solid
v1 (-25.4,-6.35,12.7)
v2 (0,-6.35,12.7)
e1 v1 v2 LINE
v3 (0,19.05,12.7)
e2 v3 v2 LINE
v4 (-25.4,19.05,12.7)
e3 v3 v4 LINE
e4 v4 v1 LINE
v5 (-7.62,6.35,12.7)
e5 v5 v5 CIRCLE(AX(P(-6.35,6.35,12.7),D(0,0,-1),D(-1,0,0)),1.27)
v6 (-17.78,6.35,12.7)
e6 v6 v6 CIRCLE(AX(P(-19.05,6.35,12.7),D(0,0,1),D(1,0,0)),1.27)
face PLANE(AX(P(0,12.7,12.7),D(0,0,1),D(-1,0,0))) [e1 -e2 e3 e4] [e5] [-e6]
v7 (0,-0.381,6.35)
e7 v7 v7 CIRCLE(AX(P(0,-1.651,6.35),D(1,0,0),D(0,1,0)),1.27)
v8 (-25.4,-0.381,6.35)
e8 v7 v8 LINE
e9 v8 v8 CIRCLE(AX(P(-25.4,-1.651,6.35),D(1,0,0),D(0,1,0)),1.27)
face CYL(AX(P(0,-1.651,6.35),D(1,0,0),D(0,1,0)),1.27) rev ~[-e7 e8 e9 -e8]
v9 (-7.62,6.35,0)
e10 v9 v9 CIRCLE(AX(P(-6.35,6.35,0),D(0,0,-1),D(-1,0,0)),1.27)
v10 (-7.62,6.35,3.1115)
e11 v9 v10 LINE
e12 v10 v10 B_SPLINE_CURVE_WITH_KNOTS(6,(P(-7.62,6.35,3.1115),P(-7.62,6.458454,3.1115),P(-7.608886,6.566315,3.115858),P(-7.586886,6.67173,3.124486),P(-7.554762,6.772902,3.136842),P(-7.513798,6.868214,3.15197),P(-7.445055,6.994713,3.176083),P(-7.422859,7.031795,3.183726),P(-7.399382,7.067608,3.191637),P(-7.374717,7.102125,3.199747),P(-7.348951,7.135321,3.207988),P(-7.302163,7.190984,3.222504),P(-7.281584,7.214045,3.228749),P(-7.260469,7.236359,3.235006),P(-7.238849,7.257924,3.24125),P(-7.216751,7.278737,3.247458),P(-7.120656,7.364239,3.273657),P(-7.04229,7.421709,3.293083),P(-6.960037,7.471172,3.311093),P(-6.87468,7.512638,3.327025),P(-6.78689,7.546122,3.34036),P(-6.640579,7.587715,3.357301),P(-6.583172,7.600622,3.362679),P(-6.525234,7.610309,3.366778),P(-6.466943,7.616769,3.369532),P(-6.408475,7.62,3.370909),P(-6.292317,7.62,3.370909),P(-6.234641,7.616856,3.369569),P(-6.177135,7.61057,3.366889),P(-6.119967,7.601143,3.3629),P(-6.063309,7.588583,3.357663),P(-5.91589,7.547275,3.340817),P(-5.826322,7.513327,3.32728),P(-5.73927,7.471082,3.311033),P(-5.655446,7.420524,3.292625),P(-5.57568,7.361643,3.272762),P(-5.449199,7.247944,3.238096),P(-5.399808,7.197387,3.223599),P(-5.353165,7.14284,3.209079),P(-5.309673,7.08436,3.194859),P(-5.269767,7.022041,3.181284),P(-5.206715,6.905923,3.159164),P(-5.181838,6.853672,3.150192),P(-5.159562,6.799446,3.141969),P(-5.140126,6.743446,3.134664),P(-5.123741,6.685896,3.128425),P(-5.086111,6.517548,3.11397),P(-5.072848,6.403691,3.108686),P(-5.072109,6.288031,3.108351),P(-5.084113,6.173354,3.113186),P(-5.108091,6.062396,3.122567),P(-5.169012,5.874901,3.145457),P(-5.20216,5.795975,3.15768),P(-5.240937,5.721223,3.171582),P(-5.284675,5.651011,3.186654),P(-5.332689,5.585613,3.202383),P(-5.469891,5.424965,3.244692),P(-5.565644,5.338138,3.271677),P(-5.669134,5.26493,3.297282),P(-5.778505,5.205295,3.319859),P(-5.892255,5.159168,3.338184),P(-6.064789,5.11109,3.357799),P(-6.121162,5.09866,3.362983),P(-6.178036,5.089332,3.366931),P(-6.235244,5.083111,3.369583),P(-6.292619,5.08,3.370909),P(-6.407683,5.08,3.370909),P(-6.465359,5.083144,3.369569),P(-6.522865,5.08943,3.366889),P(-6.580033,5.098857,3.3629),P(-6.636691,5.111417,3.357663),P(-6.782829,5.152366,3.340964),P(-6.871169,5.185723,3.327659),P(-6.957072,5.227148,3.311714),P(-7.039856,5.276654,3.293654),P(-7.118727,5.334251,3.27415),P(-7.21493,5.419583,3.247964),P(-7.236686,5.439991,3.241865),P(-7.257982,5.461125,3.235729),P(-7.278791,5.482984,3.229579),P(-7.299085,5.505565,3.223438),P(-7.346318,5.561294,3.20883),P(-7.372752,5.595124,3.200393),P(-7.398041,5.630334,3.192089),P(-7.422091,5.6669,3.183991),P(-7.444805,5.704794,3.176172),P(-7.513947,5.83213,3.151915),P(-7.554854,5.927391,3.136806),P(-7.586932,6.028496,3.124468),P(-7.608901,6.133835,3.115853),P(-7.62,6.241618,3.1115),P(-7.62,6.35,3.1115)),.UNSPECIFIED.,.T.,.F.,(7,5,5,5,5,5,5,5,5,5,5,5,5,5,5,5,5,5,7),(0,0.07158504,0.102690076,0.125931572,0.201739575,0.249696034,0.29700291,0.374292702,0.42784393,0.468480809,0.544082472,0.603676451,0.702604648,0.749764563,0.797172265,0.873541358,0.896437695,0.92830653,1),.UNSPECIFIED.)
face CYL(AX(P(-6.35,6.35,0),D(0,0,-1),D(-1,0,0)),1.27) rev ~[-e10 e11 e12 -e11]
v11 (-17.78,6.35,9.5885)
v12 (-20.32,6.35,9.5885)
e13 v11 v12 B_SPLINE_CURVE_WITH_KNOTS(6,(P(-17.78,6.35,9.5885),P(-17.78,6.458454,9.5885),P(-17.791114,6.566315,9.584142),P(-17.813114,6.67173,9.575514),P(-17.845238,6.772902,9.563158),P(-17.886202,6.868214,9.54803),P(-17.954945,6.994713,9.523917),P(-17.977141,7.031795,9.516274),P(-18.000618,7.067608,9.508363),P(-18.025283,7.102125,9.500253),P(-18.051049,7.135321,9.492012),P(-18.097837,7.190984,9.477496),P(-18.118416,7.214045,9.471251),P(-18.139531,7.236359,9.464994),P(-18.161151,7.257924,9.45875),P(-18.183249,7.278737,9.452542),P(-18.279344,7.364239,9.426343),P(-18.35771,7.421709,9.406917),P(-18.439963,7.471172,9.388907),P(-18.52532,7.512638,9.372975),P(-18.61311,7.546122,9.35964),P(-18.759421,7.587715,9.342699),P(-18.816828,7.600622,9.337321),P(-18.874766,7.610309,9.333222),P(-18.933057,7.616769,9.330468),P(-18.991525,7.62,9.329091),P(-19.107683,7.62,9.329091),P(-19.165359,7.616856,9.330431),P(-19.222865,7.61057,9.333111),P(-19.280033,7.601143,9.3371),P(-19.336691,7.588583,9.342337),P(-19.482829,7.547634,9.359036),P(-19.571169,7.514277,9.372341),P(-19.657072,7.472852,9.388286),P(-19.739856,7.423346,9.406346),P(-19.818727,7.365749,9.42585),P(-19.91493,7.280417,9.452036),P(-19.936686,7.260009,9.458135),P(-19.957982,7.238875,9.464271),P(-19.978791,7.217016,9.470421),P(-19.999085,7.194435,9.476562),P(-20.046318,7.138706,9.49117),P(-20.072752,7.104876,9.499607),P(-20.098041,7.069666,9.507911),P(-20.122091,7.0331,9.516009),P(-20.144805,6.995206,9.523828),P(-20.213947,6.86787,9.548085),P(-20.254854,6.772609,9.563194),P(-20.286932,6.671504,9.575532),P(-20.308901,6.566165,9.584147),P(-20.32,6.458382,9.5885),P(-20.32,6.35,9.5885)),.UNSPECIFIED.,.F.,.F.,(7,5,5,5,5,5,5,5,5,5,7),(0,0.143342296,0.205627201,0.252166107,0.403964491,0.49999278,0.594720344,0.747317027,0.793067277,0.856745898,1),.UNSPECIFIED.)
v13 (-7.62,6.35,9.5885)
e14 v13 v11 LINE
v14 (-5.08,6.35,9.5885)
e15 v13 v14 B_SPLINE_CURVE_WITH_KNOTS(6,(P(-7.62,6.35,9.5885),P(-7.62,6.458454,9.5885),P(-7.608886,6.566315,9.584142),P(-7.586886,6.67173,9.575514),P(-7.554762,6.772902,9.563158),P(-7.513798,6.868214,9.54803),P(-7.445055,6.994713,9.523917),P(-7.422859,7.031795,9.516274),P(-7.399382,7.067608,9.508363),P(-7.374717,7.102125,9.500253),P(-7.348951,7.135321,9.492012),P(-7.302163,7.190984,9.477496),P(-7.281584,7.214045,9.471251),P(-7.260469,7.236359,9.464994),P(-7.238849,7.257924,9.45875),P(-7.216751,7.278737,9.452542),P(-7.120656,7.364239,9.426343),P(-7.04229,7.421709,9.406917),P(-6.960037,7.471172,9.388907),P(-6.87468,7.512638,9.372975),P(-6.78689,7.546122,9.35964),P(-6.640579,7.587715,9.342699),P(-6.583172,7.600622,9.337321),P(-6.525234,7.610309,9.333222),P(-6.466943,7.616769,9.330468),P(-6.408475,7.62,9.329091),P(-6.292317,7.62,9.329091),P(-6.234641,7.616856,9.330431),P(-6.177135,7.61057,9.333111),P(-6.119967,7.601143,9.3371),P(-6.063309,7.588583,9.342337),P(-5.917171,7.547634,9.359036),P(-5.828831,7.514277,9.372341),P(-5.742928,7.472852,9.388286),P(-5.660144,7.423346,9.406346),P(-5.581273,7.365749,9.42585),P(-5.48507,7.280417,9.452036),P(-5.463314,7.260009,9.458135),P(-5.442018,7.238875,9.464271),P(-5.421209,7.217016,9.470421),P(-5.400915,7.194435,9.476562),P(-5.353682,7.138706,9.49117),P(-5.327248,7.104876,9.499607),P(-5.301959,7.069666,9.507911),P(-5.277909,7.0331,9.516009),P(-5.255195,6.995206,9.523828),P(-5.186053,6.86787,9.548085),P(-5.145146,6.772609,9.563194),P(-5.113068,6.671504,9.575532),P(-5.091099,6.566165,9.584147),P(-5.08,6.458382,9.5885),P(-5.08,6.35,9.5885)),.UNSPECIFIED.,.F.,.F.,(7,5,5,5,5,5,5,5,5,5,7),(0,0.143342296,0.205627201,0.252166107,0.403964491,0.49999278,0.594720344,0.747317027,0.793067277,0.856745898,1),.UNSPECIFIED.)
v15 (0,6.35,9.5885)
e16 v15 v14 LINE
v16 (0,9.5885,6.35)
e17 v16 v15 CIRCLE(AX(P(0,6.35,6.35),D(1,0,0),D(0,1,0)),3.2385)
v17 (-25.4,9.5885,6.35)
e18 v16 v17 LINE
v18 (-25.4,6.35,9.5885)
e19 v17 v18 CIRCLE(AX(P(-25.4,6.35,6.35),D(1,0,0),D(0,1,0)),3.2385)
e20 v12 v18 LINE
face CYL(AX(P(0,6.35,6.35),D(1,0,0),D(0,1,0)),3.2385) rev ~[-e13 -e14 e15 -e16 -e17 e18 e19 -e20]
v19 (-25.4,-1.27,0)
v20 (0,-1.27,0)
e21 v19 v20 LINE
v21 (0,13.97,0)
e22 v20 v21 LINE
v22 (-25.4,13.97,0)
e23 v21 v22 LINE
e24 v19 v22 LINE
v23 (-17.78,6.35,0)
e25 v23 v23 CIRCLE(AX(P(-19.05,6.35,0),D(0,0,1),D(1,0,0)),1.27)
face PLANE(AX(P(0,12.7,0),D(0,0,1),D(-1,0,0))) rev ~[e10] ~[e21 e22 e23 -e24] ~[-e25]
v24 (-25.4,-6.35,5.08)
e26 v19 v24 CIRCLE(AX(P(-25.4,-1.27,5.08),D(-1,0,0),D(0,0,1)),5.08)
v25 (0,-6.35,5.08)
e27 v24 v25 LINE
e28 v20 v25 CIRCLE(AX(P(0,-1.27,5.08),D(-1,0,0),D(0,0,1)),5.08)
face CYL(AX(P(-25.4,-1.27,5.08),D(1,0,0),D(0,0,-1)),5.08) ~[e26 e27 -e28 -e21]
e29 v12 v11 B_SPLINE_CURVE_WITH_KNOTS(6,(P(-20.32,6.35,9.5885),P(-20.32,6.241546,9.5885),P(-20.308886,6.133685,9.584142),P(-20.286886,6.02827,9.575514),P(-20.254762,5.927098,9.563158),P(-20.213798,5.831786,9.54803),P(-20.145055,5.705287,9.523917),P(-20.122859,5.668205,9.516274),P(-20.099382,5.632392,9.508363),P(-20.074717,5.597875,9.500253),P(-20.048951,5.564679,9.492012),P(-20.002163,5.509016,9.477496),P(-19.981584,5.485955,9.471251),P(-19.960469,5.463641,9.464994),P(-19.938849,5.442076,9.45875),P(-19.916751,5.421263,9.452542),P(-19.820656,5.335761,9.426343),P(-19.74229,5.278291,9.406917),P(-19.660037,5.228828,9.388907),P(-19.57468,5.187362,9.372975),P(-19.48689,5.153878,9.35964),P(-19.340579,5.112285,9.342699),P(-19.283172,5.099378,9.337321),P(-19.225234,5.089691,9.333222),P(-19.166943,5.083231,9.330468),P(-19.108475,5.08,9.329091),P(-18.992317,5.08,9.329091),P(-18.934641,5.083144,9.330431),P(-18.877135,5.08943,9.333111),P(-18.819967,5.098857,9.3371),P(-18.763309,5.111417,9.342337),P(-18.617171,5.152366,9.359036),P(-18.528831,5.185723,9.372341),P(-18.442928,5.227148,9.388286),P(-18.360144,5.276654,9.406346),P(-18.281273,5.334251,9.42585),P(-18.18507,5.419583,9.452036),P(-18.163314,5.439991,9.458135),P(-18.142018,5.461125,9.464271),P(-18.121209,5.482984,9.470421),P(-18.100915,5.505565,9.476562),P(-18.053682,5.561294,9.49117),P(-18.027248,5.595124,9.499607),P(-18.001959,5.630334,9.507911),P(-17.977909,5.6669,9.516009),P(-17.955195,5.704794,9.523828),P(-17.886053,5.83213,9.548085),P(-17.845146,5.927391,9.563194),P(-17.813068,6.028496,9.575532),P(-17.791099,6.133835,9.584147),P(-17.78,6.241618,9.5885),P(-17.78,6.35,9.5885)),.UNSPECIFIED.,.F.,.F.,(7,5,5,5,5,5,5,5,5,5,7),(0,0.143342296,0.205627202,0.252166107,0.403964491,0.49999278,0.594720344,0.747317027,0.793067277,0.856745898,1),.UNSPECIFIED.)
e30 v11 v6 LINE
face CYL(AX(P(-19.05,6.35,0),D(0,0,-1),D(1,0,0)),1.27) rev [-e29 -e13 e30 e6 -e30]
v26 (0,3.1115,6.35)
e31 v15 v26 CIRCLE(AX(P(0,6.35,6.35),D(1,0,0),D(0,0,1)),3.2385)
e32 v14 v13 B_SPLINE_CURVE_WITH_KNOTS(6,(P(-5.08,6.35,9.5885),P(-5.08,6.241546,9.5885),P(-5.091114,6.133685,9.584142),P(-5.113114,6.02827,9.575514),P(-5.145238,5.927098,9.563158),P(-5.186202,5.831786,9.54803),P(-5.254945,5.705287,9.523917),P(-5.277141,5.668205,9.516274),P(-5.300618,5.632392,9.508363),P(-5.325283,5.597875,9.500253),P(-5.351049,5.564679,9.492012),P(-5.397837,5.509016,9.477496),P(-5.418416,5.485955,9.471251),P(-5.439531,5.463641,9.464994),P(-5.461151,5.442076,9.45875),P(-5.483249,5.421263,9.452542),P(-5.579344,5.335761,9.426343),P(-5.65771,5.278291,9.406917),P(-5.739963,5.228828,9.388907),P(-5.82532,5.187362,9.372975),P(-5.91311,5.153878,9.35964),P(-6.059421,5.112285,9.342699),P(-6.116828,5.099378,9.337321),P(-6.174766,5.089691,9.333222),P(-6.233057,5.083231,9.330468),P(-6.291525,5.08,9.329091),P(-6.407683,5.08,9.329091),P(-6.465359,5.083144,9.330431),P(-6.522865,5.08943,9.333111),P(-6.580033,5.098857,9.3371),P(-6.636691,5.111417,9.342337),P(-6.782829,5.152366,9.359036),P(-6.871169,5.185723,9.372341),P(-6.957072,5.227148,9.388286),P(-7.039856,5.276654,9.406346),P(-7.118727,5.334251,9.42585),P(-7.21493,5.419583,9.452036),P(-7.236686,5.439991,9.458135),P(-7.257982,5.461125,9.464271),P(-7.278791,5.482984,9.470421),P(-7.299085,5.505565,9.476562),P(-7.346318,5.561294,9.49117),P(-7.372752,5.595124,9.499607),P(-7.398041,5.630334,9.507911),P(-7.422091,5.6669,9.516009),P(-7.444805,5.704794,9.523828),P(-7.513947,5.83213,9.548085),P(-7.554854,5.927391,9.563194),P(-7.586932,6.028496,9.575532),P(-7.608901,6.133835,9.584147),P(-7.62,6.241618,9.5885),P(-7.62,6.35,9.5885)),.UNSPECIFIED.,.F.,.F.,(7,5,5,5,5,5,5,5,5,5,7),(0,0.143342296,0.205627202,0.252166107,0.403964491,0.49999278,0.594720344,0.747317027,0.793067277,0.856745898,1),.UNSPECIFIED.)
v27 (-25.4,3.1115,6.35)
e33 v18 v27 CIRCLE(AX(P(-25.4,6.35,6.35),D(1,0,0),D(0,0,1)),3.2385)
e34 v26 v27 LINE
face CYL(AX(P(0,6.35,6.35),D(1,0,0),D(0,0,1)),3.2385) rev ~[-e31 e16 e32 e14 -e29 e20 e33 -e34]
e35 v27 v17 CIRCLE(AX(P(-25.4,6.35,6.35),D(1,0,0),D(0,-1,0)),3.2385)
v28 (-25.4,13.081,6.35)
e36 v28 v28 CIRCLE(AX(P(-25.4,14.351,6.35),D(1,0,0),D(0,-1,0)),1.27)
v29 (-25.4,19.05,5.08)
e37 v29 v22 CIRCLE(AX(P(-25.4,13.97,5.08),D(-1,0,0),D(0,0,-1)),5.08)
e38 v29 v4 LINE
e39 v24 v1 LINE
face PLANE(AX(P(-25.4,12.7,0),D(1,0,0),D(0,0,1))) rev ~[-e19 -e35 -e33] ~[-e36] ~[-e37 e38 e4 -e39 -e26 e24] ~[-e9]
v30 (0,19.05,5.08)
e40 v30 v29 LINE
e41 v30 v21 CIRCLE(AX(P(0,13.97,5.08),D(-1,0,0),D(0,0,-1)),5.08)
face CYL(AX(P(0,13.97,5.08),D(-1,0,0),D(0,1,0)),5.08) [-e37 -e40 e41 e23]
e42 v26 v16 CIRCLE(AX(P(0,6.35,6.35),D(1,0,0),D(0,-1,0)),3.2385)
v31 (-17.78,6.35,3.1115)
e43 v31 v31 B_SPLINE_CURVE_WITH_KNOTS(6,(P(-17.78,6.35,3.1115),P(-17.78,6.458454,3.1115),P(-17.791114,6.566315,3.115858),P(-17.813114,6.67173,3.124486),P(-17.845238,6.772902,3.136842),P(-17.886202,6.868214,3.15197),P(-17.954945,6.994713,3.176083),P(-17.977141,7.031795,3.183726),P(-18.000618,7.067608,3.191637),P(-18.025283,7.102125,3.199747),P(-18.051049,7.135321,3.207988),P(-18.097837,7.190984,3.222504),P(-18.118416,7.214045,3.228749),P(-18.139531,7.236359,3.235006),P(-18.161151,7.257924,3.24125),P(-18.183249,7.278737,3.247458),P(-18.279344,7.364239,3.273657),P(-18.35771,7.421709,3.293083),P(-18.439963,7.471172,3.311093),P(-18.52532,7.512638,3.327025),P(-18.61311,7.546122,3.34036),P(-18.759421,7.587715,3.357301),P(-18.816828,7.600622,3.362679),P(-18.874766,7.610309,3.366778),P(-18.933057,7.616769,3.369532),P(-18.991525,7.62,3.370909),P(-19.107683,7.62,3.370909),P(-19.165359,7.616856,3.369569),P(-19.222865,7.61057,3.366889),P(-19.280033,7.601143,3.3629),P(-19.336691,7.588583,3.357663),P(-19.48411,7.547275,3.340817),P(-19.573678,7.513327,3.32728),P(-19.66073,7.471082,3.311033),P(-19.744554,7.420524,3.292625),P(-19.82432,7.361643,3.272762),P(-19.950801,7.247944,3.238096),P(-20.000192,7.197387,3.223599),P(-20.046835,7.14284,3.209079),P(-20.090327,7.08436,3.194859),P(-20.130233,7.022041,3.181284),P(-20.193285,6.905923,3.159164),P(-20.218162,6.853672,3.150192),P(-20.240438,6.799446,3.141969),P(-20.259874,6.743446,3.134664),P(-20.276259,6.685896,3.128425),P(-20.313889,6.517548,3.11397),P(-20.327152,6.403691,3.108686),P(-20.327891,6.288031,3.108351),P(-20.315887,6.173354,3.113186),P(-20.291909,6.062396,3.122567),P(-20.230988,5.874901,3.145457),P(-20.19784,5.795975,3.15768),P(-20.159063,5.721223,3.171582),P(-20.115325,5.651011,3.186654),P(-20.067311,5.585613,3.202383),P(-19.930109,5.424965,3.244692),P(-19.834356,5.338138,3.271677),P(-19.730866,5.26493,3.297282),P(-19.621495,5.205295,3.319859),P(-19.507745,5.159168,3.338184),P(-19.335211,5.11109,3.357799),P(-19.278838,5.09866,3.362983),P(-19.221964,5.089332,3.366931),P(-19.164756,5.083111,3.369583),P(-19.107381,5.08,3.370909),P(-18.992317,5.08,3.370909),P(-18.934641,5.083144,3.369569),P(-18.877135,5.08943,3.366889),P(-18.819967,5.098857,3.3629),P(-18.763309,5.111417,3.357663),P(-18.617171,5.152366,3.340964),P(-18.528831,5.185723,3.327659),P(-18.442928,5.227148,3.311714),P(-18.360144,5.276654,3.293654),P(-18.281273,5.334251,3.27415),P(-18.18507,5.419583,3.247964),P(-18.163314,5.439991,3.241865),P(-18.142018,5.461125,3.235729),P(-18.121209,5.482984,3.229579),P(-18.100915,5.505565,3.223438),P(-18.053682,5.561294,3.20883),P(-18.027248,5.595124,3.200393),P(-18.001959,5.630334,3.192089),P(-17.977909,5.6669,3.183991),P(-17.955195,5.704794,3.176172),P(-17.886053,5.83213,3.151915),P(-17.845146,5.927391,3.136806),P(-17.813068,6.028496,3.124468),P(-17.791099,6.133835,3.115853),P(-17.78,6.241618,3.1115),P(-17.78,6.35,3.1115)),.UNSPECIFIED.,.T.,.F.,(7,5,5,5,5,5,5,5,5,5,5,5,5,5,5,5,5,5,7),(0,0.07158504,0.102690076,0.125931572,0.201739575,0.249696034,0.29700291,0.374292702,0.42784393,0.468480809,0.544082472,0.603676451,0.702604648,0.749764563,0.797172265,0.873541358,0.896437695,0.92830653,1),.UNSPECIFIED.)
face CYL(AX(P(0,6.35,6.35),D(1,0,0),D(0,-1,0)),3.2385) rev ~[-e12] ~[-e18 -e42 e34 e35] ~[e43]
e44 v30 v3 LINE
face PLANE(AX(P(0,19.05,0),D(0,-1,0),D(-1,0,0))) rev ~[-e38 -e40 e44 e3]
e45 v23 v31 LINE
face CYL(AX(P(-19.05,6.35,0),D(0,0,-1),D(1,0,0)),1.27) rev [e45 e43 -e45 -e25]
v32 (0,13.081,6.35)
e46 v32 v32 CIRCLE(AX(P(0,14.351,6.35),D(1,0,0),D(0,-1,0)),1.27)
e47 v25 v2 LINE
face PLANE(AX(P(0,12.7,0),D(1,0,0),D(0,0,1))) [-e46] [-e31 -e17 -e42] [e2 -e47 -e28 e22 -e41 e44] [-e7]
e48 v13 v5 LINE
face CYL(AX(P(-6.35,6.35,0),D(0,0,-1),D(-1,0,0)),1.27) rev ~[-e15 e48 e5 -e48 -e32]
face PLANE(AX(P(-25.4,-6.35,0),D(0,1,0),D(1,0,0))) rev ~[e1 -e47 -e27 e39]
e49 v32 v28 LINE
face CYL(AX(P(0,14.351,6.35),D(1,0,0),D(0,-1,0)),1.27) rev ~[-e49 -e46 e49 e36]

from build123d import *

# Parameters (mm, degrees)
F0_R     = 1.27
F1_DEPTH = 12.7
F2_DEPTH = 6.35
F3_DEPTH = 6.35
F4_R     = 1.27
F5_DEPTH = 50.8
F6_R     = 5.08


with BuildPart() as f1:
    # F0 (on Top) → F1 (new body)
    with BuildSketch(Plane.XY):
        Polygon((-12.7, 0), (0, 0), (0, 12.7), (-25.4, 12.7), (-25.4, 0), align=None)
        with Locations((-19.05, 6.35)):
            Circle(F0_R, mode=Mode.SUBTRACT)
        with BuildLine():
            ThreePointArc((-5.08, 6.35), (-6.35, 5.08), (-7.62, 6.35))
            ThreePointArc((-7.62, 6.35), (-6.35, 7.62), (-5.08, 6.35))
        make_face(mode=Mode.SUBTRACT)
    extrude(amount=F1_DEPTH)

    # F2 (add): a face of the model
    f2_faces = [f1.faces().sort_by_distance(p)[0] for p in [
        (-12.7, 0, 6.35),
    ]]
    extrude(f2_faces, amount=F2_DEPTH)

    # F3 (add): a face of the model
    f3_faces = [f1.faces().sort_by_distance(p)[0] for p in [
        (-12.7, 12.7, 6.35),
    ]]
    extrude(f3_faces, amount=F3_DEPTH)

    # F4 (on face) → F5 (cut)
    with BuildSketch(Plane.YZ):
        with Locations((-1.651, 6.35)):
            Circle(F4_R)
        with BuildLine():
            Line((6.35, 6.35), (6.35, 9.5885))
            ThreePointArc((6.35, 9.5885), (4.0600346891, 8.6399653109), (3.1115, 6.35))
            Line((3.1115, 6.35), (6.35, 6.35))
        make_face()
        with BuildLine():
            ThreePointArc((9.5885, 6.35), (8.6399653109, 8.6399653109), (6.35, 9.5885))
            Line((6.35, 9.5885), (6.35, 6.35))
            Line((6.35, 6.35), (9.5885, 6.35))
        make_face()
        with BuildLine():
            Line((9.5885, 6.35), (6.35, 6.35))
            Line((6.35, 6.35), (3.1115, 6.35))
            ThreePointArc((3.1115, 6.35), (6.35, 3.1115), (9.5885, 6.35))
        make_face()
        with BuildLine():
            ThreePointArc((15.621, 6.35), (14.351, 7.62), (13.081, 6.35))
            ThreePointArc((13.081, 6.35), (14.351, 5.08), (15.621, 6.35))
        make_face()
    extrude(amount=-F5_DEPTH, mode=Mode.SUBTRACT)

    # F6
    f6_edges = [f1.edges().sort_by_distance(p)[0] for p in [
        (-12.7, -6.35, 0),
        (-12.7, 19.05, 0),
    ]]
    fillet(f6_edges, radius=F6_R)


solid = f1.part
